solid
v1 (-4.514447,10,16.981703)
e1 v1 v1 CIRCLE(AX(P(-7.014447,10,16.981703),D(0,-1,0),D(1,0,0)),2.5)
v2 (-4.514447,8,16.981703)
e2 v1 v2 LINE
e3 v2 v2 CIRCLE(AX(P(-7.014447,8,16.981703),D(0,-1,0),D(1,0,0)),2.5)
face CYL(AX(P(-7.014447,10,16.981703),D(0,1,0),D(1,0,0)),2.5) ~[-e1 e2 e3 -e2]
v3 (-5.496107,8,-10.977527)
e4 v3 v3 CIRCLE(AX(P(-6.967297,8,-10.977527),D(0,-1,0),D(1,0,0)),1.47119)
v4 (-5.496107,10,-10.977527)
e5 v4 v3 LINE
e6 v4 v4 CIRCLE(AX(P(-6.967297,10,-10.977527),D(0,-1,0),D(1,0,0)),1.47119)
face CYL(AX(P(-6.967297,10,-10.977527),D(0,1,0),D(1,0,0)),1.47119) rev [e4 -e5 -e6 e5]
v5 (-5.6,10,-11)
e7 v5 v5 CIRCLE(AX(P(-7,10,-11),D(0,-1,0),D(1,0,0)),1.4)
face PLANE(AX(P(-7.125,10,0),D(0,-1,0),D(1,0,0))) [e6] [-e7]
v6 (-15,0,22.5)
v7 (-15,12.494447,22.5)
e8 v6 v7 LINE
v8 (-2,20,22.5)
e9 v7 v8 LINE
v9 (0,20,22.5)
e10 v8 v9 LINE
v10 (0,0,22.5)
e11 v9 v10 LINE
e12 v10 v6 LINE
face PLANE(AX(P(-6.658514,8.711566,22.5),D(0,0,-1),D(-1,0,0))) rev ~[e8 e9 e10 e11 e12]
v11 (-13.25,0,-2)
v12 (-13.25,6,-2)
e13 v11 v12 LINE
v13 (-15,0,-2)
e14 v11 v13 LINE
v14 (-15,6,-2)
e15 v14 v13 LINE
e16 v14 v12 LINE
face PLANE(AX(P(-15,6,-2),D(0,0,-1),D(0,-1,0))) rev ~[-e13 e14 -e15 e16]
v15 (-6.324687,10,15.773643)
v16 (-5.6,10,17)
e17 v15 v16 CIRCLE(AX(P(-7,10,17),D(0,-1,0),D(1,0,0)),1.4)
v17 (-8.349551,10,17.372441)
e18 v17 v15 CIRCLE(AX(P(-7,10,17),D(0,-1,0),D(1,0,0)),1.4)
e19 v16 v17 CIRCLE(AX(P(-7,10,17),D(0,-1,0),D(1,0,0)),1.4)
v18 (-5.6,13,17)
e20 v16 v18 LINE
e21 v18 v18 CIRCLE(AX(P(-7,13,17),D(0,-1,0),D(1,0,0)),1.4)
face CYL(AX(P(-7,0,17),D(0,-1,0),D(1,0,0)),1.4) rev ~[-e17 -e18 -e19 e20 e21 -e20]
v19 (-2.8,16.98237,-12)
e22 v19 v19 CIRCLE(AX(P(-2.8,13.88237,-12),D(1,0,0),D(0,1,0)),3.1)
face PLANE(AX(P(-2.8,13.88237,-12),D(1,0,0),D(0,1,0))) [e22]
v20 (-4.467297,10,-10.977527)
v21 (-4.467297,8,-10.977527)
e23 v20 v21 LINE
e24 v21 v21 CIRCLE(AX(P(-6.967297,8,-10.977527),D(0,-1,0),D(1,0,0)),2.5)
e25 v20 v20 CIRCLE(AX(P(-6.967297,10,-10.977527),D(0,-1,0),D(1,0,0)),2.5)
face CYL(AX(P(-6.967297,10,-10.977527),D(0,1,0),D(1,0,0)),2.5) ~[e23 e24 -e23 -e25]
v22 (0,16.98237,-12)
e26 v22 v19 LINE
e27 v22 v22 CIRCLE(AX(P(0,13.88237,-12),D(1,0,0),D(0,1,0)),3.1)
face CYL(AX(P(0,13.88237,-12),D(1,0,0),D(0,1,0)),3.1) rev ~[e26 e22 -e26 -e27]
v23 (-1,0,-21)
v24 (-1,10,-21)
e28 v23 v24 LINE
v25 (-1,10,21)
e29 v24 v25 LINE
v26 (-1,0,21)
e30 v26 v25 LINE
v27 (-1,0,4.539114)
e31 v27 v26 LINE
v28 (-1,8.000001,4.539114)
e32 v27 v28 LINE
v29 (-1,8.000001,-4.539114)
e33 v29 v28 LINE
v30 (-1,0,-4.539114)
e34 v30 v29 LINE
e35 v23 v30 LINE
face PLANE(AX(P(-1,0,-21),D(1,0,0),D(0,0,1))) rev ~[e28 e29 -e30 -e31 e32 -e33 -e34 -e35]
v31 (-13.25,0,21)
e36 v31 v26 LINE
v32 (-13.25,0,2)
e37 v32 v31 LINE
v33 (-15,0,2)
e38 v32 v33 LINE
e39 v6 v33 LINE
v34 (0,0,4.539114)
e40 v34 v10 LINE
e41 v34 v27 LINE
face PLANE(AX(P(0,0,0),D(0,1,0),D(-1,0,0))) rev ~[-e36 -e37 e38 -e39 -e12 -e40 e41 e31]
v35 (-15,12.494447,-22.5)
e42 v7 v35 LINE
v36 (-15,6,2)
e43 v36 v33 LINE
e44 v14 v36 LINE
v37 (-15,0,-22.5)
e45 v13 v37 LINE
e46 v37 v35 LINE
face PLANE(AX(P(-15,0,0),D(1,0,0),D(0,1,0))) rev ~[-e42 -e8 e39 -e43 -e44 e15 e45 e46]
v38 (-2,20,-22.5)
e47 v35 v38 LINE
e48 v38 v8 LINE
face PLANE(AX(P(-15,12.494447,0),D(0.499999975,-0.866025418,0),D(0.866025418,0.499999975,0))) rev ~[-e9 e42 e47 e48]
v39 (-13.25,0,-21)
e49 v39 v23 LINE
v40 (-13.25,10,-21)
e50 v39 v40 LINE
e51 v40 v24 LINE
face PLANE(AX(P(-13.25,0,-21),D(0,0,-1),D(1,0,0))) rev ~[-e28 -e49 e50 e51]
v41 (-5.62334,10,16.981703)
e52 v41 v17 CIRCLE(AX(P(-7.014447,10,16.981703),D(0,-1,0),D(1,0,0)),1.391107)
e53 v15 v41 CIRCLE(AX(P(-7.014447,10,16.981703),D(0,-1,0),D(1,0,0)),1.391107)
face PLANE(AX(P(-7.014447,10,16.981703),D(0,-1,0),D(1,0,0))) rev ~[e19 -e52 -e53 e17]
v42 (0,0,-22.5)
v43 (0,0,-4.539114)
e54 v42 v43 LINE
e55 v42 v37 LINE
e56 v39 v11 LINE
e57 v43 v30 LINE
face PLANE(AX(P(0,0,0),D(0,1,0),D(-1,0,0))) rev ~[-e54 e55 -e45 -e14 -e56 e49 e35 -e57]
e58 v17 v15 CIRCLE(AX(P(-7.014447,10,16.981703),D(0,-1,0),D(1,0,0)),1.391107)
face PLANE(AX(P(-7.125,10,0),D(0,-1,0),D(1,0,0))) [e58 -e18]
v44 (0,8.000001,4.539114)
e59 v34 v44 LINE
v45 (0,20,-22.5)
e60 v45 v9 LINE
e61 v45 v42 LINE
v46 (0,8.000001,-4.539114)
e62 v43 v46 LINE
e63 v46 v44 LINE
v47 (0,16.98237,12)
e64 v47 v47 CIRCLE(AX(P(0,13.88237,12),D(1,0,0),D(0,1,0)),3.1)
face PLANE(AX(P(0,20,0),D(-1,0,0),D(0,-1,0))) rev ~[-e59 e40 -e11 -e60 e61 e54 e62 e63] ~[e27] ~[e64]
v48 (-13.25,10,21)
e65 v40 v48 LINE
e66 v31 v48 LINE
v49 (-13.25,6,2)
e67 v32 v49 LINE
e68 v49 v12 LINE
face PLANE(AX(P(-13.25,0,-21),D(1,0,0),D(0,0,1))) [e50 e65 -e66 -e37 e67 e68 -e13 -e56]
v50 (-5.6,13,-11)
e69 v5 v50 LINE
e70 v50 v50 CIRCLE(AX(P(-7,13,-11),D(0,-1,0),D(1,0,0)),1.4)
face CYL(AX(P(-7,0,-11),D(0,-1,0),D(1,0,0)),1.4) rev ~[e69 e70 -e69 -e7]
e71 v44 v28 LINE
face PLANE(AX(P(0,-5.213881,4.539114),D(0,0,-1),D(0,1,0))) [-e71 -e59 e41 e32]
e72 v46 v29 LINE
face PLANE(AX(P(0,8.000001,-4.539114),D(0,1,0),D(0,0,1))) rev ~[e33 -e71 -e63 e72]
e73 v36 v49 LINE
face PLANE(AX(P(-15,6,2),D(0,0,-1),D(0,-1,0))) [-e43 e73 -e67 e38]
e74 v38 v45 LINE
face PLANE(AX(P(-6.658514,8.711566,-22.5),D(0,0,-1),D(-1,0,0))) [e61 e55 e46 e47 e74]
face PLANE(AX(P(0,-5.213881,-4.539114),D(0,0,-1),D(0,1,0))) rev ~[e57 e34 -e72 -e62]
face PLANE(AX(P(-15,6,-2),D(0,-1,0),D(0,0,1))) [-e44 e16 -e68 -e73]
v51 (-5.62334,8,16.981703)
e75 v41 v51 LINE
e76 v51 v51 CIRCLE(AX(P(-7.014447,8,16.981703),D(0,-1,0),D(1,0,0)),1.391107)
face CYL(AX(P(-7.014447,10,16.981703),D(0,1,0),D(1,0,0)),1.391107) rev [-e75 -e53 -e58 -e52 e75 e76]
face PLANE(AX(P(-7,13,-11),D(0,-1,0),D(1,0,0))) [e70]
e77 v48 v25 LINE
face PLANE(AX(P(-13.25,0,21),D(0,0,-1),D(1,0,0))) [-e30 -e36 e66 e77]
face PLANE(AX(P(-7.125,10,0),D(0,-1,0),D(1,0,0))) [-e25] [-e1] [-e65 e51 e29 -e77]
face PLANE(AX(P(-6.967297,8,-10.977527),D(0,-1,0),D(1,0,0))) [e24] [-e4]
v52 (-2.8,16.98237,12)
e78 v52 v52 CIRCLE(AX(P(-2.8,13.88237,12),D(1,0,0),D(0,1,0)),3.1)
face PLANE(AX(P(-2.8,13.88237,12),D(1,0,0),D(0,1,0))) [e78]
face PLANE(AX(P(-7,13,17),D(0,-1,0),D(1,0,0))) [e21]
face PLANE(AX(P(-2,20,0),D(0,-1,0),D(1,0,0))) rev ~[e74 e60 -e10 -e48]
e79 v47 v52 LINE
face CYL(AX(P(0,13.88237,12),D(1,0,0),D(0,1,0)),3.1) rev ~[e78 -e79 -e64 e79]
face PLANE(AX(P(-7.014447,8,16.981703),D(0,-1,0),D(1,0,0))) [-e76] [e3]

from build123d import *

# Parameters (mm, degrees)
PAD_DEPTH       = 22.5
SKETCH001_R     = 1.4
POCKET_DEPTH    = 13
SKETCH002_R     = 3.1
POCKET001_DEPTH = 2.8
SKETCH004_W     = 12.25
SKETCH004_H     = 42
POCKET002_DEPTH = 10
SKETCH010_R     = 2.5
SKETCH010_R_2   = 1.391107
SKETCH010_R_3   = 1.47119
PAD001_DEPTH    = 2
SKETCH006_W     = 12.042882
SKETCH006_H     = 4
POCKET003_DEPTH = 15.001
SKETCH011_W     = 13.213881
SKETCH011_H     = 9.078228
POCKET004_DEPTH = 5


with BuildPart() as part:
    # Sketch → Pad (new body, symmetric)
    with BuildSketch(Plane.XY):
        Polygon((0, 0), (-15, 0), (-15, 12.494447), (-2, 20), (0, 20), align=None)
    extrude(amount=PAD_DEPTH, both=True)

    # Sketch001 (on Face1 of Pad) → Pocket (cut)
    with BuildSketch(Plane.XZ):
        with Locations((-7, 17)):
            Circle(SKETCH001_R)
        with Locations((-7, -11)):
            Circle(SKETCH001_R)
    extrude(amount=-POCKET_DEPTH, mode=Mode.SUBTRACT)

    # Sketch002 → Pocket001 (cut)
    with BuildSketch(Plane.YZ):
        with Locations((13.88237, 12)):
            Circle(SKETCH002_R)
        with Locations((13.88237, -12)):
            Circle(SKETCH002_R)
    extrude(amount=-POCKET001_DEPTH, mode=Mode.SUBTRACT)

    # Sketch004 → Pocket002 (cut)
    with BuildSketch(Plane.XZ):
        with Locations((-7.125, 0)):
            Rectangle(SKETCH004_W, SKETCH004_H)
    extrude(amount=-POCKET002_DEPTH, mode=Mode.SUBTRACT)

    # Sketch010 (on Face14 of Pocket002) → Pad001 (join)
    with BuildSketch(Plane.XZ.offset(-10)):
        with Locations((-7.014447, 16.981703)):
            Circle(SKETCH010_R)
        with Locations((-7.014447, 16.981703)):
            Circle(SKETCH010_R_2, mode=Mode.SUBTRACT)
        with Locations((-6.967297, -10.977527)):
            Circle(SKETCH010_R)
        with Locations((-6.967297, -10.977527)):
            Circle(SKETCH010_R_3, mode=Mode.SUBTRACT)
    extrude(amount=PAD001_DEPTH)

    # Sketch006 → Pocket003 (cut, through all)
    with BuildSketch(Plane(origin=(-15, 0, 0), x_dir=(0, -1, 0), z_dir=(-1, 0, 0))):
        with Locations((0.021441, 0)):
            Rectangle(SKETCH006_W, SKETCH006_H)
    extrude(amount=-POCKET003_DEPTH, mode=Mode.SUBTRACT)

    # Sketch011 (on Face9 of Pocket003) → Pocket004 (cut)
    with BuildSketch(Plane.YZ):
        with Locations((1.39306, 0)):
            Rectangle(SKETCH011_W, SKETCH011_H)
    extrude(amount=-POCKET004_DEPTH, mode=Mode.SUBTRACT)


solid = part.part
